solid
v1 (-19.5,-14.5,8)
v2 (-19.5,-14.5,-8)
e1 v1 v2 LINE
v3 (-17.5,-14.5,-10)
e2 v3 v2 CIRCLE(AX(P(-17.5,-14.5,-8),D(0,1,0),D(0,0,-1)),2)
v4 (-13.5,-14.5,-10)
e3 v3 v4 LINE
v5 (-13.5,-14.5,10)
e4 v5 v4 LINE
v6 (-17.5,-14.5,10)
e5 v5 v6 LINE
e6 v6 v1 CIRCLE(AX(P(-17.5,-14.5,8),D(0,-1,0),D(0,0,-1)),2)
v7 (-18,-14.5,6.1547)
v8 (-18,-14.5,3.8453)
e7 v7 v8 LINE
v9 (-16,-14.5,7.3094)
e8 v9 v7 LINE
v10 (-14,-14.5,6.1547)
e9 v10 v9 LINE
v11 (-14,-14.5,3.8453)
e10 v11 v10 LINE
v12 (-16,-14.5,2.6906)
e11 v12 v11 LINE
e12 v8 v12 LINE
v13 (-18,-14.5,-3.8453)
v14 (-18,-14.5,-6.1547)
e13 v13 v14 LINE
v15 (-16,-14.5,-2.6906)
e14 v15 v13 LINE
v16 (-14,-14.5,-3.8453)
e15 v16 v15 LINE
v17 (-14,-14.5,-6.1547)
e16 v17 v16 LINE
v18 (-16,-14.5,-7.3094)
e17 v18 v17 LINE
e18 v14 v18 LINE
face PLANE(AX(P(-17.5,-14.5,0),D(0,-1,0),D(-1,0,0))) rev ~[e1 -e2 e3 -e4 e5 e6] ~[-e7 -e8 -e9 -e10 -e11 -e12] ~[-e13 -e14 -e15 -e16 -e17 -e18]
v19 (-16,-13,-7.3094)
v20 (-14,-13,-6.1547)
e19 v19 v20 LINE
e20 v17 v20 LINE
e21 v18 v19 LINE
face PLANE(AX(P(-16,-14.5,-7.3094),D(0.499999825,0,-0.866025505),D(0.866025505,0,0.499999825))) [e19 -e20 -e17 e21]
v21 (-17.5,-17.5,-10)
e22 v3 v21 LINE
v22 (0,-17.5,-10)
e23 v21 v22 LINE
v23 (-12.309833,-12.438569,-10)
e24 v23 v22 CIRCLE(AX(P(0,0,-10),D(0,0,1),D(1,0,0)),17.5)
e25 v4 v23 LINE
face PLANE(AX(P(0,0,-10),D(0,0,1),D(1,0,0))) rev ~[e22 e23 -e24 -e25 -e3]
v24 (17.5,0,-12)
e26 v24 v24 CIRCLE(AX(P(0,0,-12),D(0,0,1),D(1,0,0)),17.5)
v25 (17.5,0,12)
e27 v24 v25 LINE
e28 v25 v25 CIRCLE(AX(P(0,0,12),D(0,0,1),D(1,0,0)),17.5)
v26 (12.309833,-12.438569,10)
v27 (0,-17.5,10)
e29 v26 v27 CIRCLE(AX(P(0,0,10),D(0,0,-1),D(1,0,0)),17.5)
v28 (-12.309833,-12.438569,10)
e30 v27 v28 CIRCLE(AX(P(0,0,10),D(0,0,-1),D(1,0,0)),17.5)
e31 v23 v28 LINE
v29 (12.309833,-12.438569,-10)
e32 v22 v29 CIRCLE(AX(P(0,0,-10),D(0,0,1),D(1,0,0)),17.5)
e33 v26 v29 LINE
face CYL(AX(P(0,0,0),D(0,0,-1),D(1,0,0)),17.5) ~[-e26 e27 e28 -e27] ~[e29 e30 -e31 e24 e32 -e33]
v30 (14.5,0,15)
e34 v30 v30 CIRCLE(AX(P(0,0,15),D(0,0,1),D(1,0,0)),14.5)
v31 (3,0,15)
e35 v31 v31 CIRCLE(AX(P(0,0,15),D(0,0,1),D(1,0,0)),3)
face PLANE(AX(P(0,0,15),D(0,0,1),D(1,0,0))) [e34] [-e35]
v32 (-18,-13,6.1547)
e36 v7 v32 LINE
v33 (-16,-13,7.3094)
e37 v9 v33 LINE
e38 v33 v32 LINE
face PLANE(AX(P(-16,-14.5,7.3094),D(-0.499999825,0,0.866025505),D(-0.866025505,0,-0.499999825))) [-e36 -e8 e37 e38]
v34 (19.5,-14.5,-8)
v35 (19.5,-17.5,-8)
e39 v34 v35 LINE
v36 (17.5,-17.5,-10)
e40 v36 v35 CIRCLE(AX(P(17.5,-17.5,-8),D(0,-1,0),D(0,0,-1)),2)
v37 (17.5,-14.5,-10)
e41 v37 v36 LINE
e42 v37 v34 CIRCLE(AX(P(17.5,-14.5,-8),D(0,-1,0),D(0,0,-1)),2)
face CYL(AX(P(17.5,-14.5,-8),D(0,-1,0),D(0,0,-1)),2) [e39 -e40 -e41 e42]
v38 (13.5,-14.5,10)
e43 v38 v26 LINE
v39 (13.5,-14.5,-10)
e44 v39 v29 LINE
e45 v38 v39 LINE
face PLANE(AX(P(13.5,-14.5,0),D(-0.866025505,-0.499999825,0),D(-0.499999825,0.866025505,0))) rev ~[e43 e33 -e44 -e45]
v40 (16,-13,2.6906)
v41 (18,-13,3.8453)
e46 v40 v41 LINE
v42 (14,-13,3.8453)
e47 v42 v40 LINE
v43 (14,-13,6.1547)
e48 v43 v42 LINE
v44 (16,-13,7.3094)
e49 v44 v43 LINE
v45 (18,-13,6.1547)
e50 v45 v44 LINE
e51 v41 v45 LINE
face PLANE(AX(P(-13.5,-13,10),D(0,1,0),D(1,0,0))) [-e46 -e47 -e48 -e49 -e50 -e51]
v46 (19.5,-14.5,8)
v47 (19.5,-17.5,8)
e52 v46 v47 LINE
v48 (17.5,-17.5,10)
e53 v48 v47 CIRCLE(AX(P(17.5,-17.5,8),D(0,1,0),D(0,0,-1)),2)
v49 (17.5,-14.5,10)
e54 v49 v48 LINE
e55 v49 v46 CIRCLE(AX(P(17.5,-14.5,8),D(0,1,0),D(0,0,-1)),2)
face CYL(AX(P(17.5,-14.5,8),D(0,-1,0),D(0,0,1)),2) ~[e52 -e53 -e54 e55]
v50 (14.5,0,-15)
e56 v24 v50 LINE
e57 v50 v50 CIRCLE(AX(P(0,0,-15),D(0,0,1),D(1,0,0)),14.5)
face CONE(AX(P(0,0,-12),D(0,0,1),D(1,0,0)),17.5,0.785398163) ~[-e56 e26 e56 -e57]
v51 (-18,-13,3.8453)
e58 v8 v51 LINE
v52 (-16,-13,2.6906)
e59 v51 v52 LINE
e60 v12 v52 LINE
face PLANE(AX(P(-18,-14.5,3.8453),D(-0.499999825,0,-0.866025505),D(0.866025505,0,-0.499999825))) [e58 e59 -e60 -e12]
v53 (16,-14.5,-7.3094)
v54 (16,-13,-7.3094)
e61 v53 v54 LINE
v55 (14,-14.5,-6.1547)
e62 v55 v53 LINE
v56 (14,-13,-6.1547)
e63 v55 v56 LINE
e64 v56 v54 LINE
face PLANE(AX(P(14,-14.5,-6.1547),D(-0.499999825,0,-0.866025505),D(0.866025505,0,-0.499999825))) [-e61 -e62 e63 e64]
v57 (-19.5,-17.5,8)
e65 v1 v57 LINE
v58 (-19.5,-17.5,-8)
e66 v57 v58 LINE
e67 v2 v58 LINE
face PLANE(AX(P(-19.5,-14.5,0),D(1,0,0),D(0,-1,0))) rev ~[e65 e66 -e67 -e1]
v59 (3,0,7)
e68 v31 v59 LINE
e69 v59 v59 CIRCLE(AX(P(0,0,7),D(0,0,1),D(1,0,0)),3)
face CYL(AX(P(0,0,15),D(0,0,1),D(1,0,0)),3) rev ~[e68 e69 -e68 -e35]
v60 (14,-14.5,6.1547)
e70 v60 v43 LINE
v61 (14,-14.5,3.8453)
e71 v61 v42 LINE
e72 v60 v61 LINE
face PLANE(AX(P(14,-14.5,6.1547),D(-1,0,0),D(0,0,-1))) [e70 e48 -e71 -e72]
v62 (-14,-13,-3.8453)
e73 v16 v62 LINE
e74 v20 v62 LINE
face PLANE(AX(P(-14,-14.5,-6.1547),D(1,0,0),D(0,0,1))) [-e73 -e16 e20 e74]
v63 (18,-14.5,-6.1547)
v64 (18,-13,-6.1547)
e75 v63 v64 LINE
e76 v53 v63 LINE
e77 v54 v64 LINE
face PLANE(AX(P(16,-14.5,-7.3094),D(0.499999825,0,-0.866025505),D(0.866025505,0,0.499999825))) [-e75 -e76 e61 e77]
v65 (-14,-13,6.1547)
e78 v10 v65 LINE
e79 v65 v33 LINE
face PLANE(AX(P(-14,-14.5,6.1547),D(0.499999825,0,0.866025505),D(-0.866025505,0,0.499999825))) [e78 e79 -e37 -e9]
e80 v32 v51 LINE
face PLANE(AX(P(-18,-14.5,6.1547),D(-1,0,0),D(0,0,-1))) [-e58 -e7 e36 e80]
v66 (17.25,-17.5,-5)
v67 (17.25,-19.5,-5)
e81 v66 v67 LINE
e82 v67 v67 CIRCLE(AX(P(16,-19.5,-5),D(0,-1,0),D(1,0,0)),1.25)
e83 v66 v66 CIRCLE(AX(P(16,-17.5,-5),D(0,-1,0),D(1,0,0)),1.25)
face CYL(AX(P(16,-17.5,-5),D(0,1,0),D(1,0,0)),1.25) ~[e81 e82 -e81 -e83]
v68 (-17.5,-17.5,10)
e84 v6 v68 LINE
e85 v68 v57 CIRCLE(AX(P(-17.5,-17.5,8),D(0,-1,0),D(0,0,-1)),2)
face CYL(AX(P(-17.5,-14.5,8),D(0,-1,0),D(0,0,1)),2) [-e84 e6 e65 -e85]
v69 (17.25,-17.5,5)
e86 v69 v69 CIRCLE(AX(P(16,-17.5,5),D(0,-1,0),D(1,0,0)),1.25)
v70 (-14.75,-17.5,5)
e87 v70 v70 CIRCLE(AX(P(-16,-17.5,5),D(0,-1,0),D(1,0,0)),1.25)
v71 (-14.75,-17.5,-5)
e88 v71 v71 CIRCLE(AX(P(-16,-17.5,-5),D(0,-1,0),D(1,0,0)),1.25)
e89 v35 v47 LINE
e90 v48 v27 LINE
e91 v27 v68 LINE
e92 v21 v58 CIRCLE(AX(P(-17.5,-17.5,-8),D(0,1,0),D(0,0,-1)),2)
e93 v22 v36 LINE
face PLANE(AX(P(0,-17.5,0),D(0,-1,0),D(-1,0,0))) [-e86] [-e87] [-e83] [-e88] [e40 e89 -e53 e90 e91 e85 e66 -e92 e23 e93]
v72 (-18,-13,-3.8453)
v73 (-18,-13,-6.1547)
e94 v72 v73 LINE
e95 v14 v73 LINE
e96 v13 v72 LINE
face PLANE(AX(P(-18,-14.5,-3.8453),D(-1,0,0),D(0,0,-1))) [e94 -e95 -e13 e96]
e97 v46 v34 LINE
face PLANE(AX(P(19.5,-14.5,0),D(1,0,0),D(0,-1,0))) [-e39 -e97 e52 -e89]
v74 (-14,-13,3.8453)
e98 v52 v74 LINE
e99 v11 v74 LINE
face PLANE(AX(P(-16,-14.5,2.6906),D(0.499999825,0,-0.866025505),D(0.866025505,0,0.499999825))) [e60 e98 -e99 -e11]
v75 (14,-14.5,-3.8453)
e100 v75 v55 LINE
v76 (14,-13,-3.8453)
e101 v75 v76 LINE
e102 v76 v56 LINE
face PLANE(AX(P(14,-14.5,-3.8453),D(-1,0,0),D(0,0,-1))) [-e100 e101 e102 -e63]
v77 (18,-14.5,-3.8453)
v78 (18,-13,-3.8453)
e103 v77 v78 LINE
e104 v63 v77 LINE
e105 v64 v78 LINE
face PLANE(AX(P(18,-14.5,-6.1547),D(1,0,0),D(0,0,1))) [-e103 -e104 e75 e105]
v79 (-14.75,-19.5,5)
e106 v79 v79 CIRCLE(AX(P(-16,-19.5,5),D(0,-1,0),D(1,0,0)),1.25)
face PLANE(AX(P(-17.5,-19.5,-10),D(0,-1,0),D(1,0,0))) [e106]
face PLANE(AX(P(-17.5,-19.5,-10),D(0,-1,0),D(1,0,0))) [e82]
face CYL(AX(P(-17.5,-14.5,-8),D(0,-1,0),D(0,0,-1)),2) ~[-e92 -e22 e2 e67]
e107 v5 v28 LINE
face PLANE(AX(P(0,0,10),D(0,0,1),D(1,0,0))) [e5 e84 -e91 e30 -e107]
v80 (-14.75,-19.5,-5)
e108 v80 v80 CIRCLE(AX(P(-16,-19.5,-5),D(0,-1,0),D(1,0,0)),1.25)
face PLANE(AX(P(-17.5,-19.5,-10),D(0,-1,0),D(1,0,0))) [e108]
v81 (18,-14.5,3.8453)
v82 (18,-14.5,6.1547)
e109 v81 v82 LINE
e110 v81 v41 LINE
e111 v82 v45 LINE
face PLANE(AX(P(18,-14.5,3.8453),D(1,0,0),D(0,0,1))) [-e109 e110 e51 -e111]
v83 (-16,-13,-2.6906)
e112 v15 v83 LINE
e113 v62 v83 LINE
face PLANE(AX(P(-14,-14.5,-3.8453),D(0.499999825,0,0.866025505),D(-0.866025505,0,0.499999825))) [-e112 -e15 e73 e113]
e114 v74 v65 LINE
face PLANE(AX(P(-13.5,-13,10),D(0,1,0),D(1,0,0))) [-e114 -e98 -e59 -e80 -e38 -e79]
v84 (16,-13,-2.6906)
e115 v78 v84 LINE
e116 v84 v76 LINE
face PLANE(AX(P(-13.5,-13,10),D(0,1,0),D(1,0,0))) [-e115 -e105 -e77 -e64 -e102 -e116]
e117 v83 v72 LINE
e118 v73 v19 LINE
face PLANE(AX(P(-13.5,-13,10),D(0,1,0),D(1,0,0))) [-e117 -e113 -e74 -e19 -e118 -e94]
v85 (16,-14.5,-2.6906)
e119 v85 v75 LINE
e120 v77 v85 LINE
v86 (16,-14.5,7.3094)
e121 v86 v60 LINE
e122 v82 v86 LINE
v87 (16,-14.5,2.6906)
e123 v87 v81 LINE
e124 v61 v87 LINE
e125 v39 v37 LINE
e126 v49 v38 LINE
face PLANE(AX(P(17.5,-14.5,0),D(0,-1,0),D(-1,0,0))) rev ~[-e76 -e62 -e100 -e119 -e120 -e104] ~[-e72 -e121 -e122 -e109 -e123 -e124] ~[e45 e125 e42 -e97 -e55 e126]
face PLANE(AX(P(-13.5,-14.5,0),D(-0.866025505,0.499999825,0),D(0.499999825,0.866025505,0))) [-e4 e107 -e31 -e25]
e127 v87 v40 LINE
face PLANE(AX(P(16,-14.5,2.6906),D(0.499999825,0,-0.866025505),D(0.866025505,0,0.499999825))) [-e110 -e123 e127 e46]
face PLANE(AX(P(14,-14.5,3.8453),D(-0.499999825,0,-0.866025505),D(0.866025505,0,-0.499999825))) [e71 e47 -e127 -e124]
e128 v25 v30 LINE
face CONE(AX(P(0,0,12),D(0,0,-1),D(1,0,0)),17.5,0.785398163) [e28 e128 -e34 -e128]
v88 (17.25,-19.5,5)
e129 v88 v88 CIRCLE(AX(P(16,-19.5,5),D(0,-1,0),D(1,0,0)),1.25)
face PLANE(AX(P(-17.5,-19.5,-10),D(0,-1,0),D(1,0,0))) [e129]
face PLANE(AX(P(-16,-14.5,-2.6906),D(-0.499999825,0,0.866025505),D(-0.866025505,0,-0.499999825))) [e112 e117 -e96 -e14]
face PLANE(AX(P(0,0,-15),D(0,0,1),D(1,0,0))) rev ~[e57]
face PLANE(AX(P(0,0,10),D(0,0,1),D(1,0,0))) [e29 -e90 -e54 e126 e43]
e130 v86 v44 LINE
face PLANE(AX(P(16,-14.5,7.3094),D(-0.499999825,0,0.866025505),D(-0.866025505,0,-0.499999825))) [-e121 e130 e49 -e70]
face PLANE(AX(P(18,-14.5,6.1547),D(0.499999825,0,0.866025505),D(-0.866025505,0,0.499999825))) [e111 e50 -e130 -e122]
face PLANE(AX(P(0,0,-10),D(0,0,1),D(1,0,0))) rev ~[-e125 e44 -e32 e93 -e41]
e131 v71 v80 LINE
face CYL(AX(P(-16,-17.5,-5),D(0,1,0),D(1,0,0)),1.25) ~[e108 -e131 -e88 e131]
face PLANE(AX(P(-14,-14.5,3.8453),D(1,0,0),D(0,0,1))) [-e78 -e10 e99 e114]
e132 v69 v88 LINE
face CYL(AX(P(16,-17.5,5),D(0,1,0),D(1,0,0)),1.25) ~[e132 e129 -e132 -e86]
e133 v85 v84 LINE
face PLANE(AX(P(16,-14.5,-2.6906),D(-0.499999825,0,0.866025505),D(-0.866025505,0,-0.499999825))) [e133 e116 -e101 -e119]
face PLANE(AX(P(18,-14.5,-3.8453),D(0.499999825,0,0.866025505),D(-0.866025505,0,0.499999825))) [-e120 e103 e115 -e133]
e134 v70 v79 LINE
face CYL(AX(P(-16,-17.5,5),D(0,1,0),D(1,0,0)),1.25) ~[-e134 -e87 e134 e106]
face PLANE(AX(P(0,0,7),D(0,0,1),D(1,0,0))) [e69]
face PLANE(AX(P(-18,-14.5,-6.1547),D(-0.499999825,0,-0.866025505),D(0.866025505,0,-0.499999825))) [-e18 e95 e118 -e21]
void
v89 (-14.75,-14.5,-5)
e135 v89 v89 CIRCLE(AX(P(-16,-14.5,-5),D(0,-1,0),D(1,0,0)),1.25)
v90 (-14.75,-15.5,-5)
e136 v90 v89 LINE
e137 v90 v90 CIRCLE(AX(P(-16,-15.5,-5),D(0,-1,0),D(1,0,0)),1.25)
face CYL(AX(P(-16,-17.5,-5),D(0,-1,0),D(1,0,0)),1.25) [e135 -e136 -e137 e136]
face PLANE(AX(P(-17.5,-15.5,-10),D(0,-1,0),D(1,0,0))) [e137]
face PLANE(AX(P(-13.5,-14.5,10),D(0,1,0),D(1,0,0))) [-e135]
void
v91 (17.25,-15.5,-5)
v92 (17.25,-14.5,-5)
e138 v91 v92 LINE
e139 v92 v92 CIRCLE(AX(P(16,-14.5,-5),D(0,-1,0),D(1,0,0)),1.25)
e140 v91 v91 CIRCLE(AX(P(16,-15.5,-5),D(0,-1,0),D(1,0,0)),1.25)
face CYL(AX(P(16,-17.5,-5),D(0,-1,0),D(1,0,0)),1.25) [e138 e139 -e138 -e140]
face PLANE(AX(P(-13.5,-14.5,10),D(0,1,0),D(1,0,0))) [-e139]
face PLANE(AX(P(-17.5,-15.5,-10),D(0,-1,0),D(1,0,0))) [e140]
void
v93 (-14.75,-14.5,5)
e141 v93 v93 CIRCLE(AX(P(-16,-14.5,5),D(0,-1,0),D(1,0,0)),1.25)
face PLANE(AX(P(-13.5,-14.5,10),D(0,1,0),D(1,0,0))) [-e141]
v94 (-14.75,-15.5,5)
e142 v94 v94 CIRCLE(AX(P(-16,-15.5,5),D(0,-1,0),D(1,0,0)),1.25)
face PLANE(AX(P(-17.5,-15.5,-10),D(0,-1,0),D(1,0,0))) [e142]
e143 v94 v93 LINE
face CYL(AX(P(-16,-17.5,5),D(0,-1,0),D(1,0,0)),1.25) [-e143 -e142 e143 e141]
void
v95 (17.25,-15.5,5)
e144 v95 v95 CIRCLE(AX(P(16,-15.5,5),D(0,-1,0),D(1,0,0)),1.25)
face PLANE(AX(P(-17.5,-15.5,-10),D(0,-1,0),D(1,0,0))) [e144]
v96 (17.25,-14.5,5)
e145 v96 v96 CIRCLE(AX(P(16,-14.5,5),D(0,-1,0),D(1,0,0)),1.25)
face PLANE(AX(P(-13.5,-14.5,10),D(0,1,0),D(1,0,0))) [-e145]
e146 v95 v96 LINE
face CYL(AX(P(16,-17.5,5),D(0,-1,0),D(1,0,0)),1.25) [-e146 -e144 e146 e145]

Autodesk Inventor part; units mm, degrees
ref_plane "YZ Plane" through (0, 0, 0) normal (1, 0, 0) x (0, 1, 0)
ref_plane "XZ Plane" through (0, 0, 0) normal (0, 1, 0) x (-1, 0, 0)
ref_plane "XY Plane" through (0, 0, 0) normal (0, 0, 1) x (1, 0, 0)
sketch "Sketch1" plane through (0, 0, 0) normal (0, 0, 1) x (1, 0, 0)
  circle A0 centre (0, 0) radius 17.5
  dimension "d0" = 35
extrude "Extrusion1" add sketch "Sketch1" along normal mid plane 30
sketch "Sketch2" plane through (0, 0, 0) normal (0, 0, 1) x (1, 0, 0)
  line L0 (0, 0) -> (0, -17.5) construction
  line L1 (0, -17.5) -> (-17.5, -17.5)
  line L2 (-17.5, -17.5) -> (-17.5, -14.5) construction
  line L3 (-17.5, -14.5) -> (-13.5, -14.5)
  line L4 (-13.5, -14.5) -> (-11.1906, -10.5)
  line L5 (0, -17.5) -> (17.5, -17.5)
  line L6 (17.5, -17.5) -> (17.5, -14.5) construction
  line L7 (17.5, -14.5) -> (13.5, -14.5)
  line L8 (13.5, -14.5) -> (11.1906, -10.5)
  line L9 (-11.1906, -10.5) -> (11.1906, -10.5)
  circle A0 centre (0, 0) radius 17.5 construction
  line L10 (0, 0) -> (0, -17.5) construction
  line L11 (0, -17.5) -> (25.1989, -17.5) construction
  line L12 (0, 0) -> (-17.5, 0) construction
  line L13 (-17.5, -14.5) -> (-19.5, -14.5)
  line L14 (-19.5, -14.5) -> (-19.5, -17.5)
  line L15 (-19.5, -17.5) -> (-17.5, -17.5)
  line L16 (17.5, -14.5) -> (19.5, -14.5)
  line L17 (19.5, -14.5) -> (19.5, -17.5)
  line L18 (19.5, -17.5) -> (17.5, -17.5)
  dimension "d4" = 3
  dimension "d5" = 4
  dimension "d6" = 60
  dimension "d16" = 0
  dimension "d17" = 4
  dimension "d18" = 2
  dimension "d31" = 35
  dimension "d32" = 39
extrude "Extrusion2" add sketch "Sketch2" along normal mid plane 20
chamfer "Chamfer1" distance 3 angle 45 2 edges at (-17.5, 0, 15) (-17.5, 0, -15)
sketch "Sketch3" plane through (0, 0, 15) normal (0, 0, 1) x (1, 0, 0)
  circle A0 centre (0, 0) radius 14.5 projected
  circle A1 centre (0, 0) radius 3
  dimension "d12" = 6
extrude "Extrusion3" cut sketch "Sketch3" against normal blind 8 contours A1
sketch "Sketch4" plane through (-19.5, -17.5, 10) normal (0, -1, 0) x (1, 0, 0)
  line L0 (19.5, 0) -> (0, 0) construction
  line L1 (0, 0) -> (0, -20) construction
  line L2 (0, -20) -> (19.5, -20) construction
  line L3 (39, 0) -> (39, -20) construction
  line L4 (2, -22) -> (2, 2) construction
  line L5 (37, -22) -> (37, 2) construction
  line L6 (33, 0) -> (33, -20) construction
  line L7 (7.1902, -20) -> (7.1902, 0) construction
  line L8 (2, -5) -> (37, -5) construction
  line L9 (37, -5) -> (37, -15) construction
  line L10 (37, -15) -> (2, -15) construction
  line L11 (2, -15) -> (2, -5) construction
  line L12 (19.5, -20) -> (39, -20) projected
  line L13 (39, 0) -> (19.5, 0) projected
  line L14 (19.5, -20) -> (31.8098, -20) construction
  line L15 (19.5, -20) -> (19.5, 0) construction
  line L16 (22.5, -3) -> (16.5, -3) construction
  line L17 (3.5, -5) -> (35.5, -5) construction
  line L18 (35.5, -5) -> (35.5, -15) construction
  line L19 (35.5, -15) -> (3.5, -15) construction
  line L20 (3.5, -15) -> (3.5, -5) construction
  circle A0 centre (3.5, -5) radius 1.25
  circle A1 centre (3.5, -15) radius 1.25
  circle A2 centre (35.5, -5) radius 1.25
  circle A3 centre (35.5, -15) radius 1.25
  point P0 (19.5, -10)
  dimension "d19" = 5
  dimension "d20" = 5
  dimension "d33" = 16
  dimension "d34" = 16
  dimension "d35" = 2.5
extrude "Extrusion4" cut sketch "Sketch4" against normal up to surface (3 mm away)
fillet "Fillet2" radius 2 4 edges at (-19.5, -16, 10) (19.5, -16, 10) (19.5, -16, -10) (-19.5, -16, -10)
sketch "Sketch5" plane through (-13.5, -14.5, 10) normal (0, 1, 0) x (1, 0, 0)
  arc A0 (-4, 20) -> (-6, 18) centre (-4, 18) ccw projected
  line L0 (-6, 2) -> (-6, 18) projected
  arc A1 (-6, 2) -> (-4, 0) centre (-4, 2) ccw projected
  line L1 (-4, 0) -> (0, 0) projected
  line L2 (0, 0) -> (0, 20) projected
  line L3 (0, 20) -> (-4, 20) projected
  line L4 (31.5, 3.8453) -> (29.5, 2.6906)
  line L5 (29.5, 2.6906) -> (27.5, 3.8453)
  line L6 (27.5, 3.8453) -> (27.5, 6.1547)
  line L7 (27.5, 6.1547) -> (29.5, 7.3094)
  line L8 (29.5, 7.3094) -> (31.5, 6.1547)
  line L9 (31.5, 6.1547) -> (31.5, 3.8453)
  circle A2 centre (-2.5, 5) radius 1.25 projected
  circle A3 centre (-2.5, 15) radius 1.25 projected
  circle A4 centre (29.5, 5) radius 1.25 projected
  circle A5 centre (29.5, 15) radius 1.25 projected
  line L10 (-6, 2) -> (-6, 18) projected
  line L11 (27.5, 13.8453) -> (27.5, 16.1547)
  line L12 (29.5, 12.6906) -> (27.5, 13.8453)
  line L13 (27.5, 16.1547) -> (29.5, 17.3094)
  line L14 (29.5, 17.3094) -> (31.5, 16.1547)
  line L15 (31.5, 16.1547) -> (31.5, 13.8453)
  line L16 (31.5, 13.8453) -> (29.5, 12.6906)
  line L17 (-4.5, 13.8453) -> (-4.5, 16.1547)
  line L18 (-2.5, 12.6906) -> (-4.5, 13.8453)
  line L19 (-4.5, 16.1547) -> (-2.5, 17.3094)
  line L20 (-2.5, 17.3094) -> (-0.5, 16.1547)
  line L21 (-0.5, 16.1547) -> (-0.5, 13.8453)
  line L22 (-0.5, 13.8453) -> (-2.5, 12.6906)
  line L23 (-4.5, 3.8453) -> (-4.5, 6.1547)
  line L24 (-2.5, 2.6906) -> (-4.5, 3.8453)
  line L25 (-4.5, 6.1547) -> (-2.5, 7.3094)
  line L26 (-2.5, 7.3094) -> (-0.5, 6.1547)
  line L27 (-0.5, 6.1547) -> (-0.5, 3.8453)
  line L28 (-0.5, 3.8453) -> (-2.5, 2.6906)
  point P0 (13.5, 10)
  dimension "d26" = 4
  dimension "d36" = 4
  dimension "d37" = 4
  dimension "d38" = 4
extrude "Extrusion5" add sketch "Sketch5" along normal blind 1.5 contours L4 L5 L6 L7 L8 L9 | A2 | A3 | A4 | A5 | L11 L13 L14 L15 L16 L12 | L17 L19 L20 L21 L22 L18 | L23 L25 L26 L27 L28 L24
sketch "Sketch6" plane through (-17.5, -17.5, -10) normal (0, -1, 0) x (1, 0, 0)
  circle A0 centre (1.5, 15) radius 1.25 projected
  circle A1 centre (33.5, 15) radius 1.25 projected
  circle A2 centre (1.5, 5) radius 1.25 projected
  circle A3 centre (33.5, 5) radius 1.25 projected
  point P0 (17.5, 10)
extrude "Extrusion6" add sketch "Sketch6" along normal mid plane 4
properties part number "Motor1"
